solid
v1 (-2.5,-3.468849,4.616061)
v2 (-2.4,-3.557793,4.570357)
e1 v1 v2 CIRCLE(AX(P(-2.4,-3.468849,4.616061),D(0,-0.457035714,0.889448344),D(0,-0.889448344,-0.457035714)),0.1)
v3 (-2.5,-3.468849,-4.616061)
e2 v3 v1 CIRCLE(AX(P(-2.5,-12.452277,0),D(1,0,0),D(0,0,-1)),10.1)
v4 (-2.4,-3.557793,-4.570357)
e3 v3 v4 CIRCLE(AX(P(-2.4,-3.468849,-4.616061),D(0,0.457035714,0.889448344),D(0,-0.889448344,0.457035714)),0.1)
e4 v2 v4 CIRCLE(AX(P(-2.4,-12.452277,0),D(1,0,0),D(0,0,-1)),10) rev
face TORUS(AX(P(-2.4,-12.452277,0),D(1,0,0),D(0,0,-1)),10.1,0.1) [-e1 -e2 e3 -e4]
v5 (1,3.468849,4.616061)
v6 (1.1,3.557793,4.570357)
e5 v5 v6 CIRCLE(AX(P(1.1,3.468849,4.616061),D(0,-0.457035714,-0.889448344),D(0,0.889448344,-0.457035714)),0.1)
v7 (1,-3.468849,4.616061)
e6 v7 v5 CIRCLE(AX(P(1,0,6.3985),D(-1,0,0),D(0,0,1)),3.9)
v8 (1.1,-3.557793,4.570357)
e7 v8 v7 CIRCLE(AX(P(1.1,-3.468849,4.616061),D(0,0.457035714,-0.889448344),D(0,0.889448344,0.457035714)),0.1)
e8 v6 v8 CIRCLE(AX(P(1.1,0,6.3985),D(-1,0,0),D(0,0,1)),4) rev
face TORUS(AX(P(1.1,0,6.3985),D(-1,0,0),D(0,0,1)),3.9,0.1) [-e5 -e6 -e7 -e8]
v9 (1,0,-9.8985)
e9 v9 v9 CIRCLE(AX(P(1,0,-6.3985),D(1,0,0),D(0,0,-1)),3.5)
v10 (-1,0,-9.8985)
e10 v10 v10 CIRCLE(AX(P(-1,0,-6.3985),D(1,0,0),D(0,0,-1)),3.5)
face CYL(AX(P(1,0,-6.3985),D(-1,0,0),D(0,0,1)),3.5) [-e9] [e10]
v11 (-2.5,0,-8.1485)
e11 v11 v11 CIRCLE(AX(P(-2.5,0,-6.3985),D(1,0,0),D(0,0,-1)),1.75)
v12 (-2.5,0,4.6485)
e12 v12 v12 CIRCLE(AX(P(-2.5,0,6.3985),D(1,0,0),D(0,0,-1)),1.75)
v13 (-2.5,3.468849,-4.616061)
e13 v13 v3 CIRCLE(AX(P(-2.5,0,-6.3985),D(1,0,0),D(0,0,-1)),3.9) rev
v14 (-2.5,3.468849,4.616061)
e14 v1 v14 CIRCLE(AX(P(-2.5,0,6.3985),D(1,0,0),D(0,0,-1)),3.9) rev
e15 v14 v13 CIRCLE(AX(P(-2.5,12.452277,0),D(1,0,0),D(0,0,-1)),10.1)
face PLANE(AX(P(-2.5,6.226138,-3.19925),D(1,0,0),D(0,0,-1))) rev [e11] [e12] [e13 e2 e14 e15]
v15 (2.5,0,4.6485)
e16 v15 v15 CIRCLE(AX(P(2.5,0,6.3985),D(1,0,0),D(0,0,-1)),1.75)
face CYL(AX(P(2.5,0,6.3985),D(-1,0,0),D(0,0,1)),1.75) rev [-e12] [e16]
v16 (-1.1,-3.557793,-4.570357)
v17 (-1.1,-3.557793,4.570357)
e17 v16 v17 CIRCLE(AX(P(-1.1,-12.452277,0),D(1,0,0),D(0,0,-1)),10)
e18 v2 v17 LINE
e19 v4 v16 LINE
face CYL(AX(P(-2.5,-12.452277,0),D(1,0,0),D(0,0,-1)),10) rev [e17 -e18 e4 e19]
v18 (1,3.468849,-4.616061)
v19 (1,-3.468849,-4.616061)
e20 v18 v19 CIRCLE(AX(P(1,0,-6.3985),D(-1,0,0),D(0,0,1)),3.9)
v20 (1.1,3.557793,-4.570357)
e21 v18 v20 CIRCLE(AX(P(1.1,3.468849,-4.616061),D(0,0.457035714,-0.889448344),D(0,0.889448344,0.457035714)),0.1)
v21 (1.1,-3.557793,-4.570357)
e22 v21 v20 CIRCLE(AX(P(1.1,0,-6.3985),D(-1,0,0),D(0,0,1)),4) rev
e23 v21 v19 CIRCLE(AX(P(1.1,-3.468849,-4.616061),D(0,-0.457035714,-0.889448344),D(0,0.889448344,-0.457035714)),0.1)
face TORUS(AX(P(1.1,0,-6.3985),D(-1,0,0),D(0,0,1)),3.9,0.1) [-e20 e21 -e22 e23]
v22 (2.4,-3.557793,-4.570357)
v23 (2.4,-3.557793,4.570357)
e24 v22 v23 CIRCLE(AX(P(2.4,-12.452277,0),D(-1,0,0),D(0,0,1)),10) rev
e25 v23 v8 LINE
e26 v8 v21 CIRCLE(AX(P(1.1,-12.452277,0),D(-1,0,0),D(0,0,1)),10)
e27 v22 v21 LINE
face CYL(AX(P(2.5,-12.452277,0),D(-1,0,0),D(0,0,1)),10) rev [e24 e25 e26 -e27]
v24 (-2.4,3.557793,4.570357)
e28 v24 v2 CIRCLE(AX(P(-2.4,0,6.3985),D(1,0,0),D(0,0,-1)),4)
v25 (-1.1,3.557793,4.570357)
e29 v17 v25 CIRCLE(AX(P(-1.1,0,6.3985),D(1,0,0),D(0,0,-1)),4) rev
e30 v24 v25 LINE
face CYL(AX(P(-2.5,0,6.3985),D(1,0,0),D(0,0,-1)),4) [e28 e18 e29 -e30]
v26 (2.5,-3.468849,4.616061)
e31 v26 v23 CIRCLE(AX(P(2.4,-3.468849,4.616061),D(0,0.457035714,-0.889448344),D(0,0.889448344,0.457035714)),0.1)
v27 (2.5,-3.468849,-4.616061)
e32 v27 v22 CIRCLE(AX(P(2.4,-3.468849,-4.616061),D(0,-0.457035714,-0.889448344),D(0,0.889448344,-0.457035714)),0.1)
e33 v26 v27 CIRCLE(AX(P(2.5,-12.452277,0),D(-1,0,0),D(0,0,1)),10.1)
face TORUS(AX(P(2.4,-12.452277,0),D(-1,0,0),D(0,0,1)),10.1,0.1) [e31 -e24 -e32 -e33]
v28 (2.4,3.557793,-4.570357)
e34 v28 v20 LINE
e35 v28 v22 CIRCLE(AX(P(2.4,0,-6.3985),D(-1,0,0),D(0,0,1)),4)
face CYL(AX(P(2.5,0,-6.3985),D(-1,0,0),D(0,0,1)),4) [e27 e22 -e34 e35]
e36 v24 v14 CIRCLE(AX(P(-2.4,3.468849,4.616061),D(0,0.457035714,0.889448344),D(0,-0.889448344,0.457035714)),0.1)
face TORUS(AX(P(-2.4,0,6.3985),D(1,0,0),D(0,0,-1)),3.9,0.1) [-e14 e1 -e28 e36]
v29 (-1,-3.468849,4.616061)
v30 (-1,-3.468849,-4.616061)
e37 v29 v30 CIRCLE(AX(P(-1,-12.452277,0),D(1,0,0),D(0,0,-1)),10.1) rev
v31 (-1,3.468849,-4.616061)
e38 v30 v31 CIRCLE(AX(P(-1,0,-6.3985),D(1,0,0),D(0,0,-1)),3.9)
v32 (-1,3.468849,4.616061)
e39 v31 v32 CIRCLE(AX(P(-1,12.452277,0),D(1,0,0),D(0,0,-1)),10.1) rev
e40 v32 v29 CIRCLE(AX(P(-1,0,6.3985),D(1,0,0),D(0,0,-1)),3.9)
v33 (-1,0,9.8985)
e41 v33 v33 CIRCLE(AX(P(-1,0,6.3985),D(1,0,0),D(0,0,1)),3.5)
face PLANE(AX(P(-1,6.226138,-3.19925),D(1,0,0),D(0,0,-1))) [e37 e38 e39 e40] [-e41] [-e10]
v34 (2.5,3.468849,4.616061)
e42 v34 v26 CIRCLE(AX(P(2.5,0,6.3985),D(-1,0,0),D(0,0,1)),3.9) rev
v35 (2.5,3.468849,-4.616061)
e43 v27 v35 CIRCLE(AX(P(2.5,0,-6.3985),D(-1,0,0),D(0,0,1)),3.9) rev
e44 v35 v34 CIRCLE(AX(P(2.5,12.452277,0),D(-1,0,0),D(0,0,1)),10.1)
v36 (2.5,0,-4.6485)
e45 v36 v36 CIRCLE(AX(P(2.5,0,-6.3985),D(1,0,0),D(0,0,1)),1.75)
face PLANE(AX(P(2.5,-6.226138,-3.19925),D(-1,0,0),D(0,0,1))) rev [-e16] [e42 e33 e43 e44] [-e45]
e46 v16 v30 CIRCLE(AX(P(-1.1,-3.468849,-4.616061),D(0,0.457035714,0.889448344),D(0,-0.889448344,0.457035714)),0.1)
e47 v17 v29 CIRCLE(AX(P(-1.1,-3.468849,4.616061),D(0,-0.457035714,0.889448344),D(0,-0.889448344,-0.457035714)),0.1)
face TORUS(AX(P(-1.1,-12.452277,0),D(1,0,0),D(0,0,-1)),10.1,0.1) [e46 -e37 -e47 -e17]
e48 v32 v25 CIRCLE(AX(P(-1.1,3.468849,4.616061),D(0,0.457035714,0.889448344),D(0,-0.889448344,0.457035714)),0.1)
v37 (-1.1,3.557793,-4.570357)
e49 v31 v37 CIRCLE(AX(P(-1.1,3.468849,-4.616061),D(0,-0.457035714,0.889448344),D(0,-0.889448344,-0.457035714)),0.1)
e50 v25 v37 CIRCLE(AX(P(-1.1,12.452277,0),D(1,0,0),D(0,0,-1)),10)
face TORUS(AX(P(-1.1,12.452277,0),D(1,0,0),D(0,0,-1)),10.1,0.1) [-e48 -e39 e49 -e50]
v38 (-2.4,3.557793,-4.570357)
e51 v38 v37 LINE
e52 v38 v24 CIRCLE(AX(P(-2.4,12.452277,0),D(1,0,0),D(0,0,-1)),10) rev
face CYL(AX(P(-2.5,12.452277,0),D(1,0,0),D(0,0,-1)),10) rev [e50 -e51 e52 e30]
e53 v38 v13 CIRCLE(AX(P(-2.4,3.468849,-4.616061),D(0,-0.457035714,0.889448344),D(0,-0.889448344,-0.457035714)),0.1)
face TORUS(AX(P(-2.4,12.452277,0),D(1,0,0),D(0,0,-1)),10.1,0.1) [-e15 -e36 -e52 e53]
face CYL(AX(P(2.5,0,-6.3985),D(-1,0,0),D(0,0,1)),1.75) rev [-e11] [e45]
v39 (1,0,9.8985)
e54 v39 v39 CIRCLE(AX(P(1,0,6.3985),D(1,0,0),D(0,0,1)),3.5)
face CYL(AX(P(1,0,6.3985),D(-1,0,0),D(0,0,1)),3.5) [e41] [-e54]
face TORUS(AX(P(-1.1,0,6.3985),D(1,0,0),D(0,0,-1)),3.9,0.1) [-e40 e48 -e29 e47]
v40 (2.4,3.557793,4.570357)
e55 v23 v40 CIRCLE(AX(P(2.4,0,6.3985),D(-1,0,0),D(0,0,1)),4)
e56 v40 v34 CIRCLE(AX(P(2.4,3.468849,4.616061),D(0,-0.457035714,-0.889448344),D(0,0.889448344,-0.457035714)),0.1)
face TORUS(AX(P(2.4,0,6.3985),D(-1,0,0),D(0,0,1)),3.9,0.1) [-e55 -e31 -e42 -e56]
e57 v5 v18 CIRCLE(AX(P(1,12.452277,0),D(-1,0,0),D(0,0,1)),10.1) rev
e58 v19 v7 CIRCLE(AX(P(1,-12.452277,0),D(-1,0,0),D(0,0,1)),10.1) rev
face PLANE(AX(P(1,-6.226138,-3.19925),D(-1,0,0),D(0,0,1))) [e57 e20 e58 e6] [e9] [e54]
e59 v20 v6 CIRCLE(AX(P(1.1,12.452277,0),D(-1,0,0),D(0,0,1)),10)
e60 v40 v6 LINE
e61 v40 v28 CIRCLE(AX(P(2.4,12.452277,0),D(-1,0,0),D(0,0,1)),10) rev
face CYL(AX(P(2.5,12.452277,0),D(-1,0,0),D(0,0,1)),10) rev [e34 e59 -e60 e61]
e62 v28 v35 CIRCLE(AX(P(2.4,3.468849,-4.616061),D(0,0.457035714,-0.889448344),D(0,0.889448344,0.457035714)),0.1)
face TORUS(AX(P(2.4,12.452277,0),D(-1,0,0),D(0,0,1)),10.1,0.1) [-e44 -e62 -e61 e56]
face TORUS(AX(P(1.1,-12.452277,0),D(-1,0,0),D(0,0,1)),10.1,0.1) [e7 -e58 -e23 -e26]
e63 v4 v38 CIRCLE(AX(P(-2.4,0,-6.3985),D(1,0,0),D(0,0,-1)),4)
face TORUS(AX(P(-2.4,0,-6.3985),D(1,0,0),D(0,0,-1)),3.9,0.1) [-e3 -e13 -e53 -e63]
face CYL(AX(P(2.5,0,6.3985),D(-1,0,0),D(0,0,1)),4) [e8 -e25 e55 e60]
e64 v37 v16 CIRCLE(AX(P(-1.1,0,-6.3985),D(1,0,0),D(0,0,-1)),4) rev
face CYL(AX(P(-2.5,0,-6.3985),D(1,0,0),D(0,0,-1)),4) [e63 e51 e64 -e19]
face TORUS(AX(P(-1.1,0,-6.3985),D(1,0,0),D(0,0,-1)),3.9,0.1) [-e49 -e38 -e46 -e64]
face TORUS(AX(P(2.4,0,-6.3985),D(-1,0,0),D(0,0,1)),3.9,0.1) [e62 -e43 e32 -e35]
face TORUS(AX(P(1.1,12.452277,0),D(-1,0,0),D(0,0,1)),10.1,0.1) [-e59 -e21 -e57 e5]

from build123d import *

# Parameters (mm, degrees)
BOSS_EXTRUDE1_START = 1
SKETCH1_R           = 1.75
BOSS_EXTRUDE1_DEPTH = 1.5
BOSS_EXTRUDE2_START = -1
SKETCH2_R           = 1.75
BOSS_EXTRUDE2_DEPTH = 1.5
SKETCH3_R           = 3.5
SKETCH3_R_2         = 1.75
BOSS_EXTRUDE3_DEPTH = 1
FILLET1_R           = 0.1


with BuildPart() as part:
    # Sketch1 → Boss-Extrude1 (new body)
    with BuildSketch(Plane(origin=(0, 0, 0), x_dir=(0, 0, -1), z_dir=(1, 0, 0)).offset(BOSS_EXTRUDE1_START)):
        with BuildLine():
            ThreePointArc((-4.570357143, 3.557793374), (-10.3985, 0), (-4.570357143, -3.557793374))
            ThreePointArc((-4.570357143, -3.557793374), (0, -2.45227681), (4.570357143, -3.557793374))
            ThreePointArc((4.570357143, -3.557793374), (10.3985, 0), (4.570357143, 3.557793374))
            ThreePointArc((4.570357143, 3.557793374), (0, 2.45227681), (-4.570357143, 3.557793374))
        make_face()
        with Locations((-6.3985, 0)):
            Circle(SKETCH1_R, mode=Mode.SUBTRACT)
        with Locations((6.3985, 0)):
            Circle(SKETCH1_R, mode=Mode.SUBTRACT)
    extrude(amount=BOSS_EXTRUDE1_DEPTH)



with BuildPart() as body_2:
    # Sketch2 → Boss-Extrude2 (new body)
    with BuildSketch(Plane(origin=(0, 0, 0), x_dir=(0, 0, -1), z_dir=(1, 0, 0)).offset(BOSS_EXTRUDE2_START)):
        with BuildLine():
            ThreePointArc((4.570357143, -3.557793374), (0, -2.45227681), (-4.570357143, -3.557793374))
            ThreePointArc((-4.570357143, -3.557793374), (-10.3985, 0), (-4.570357143, 3.557793374))
            ThreePointArc((-4.570357143, 3.557793374), (0, 2.45227681), (4.570357143, 3.557793374))
            ThreePointArc((4.570357143, 3.557793374), (10.3985, 0), (4.570357143, -3.557793374))
        make_face()
        with Locations((-6.3985, 0)):
            Circle(SKETCH2_R, mode=Mode.SUBTRACT)
        with Locations((6.3985, 0)):
            Circle(SKETCH2_R, mode=Mode.SUBTRACT)
    extrude(amount=-BOSS_EXTRUDE2_DEPTH)


with BuildPart() as part_1:
    add(part.part)

    add(body_2.part)  # Boss-Extrude3 merges body 2
    # Sketch3 → Boss-Extrude3 (add, symmetric)
    with BuildSketch(Plane(origin=(0, 0, 0), x_dir=(0, 0, -1), z_dir=(1, 0, 0))):
        with Locations((6.3985, 0)):
            Circle(SKETCH3_R)
        with Locations((6.3985, 0)):
            Circle(SKETCH3_R_2, mode=Mode.SUBTRACT)
        with Locations((-6.3985, 0)):
            Circle(SKETCH3_R)
        with Locations((-6.3985, 0)):
            Circle(SKETCH3_R_2, mode=Mode.SUBTRACT)
    extrude(amount=BOSS_EXTRUDE3_DEPTH, both=True)

    # Fillet1
    fillet1_edges = [part_1.edges().sort_by_distance(p)[0] for p in [
        (2.5, 2.45227681, 0),
        (2.5, 0, 10.3985),
        (-2.5, 0, -10.3985),
        (-2.5, -2.45227681, 0),
        (-2.5, 0, 10.3985),
        (-2.5, 2.45227681, 0),
        (-1, 0, -10.3985),
        (-1, 2.45227681, 0),
        (-1, 0, 10.3985),
        (-1, -2.45227681, 0),
        (2.5, -2.45227681, 0),
        (1, 0, 10.3985),
        (1, 2.45227681, 0),
        (1, 0, -10.3985),
        (1, -2.45227681, 0),
        (2.5, 0, -10.3985),
    ]]
    fillet(fillet1_edges, radius=FILLET1_R)


solid = part_1.part
